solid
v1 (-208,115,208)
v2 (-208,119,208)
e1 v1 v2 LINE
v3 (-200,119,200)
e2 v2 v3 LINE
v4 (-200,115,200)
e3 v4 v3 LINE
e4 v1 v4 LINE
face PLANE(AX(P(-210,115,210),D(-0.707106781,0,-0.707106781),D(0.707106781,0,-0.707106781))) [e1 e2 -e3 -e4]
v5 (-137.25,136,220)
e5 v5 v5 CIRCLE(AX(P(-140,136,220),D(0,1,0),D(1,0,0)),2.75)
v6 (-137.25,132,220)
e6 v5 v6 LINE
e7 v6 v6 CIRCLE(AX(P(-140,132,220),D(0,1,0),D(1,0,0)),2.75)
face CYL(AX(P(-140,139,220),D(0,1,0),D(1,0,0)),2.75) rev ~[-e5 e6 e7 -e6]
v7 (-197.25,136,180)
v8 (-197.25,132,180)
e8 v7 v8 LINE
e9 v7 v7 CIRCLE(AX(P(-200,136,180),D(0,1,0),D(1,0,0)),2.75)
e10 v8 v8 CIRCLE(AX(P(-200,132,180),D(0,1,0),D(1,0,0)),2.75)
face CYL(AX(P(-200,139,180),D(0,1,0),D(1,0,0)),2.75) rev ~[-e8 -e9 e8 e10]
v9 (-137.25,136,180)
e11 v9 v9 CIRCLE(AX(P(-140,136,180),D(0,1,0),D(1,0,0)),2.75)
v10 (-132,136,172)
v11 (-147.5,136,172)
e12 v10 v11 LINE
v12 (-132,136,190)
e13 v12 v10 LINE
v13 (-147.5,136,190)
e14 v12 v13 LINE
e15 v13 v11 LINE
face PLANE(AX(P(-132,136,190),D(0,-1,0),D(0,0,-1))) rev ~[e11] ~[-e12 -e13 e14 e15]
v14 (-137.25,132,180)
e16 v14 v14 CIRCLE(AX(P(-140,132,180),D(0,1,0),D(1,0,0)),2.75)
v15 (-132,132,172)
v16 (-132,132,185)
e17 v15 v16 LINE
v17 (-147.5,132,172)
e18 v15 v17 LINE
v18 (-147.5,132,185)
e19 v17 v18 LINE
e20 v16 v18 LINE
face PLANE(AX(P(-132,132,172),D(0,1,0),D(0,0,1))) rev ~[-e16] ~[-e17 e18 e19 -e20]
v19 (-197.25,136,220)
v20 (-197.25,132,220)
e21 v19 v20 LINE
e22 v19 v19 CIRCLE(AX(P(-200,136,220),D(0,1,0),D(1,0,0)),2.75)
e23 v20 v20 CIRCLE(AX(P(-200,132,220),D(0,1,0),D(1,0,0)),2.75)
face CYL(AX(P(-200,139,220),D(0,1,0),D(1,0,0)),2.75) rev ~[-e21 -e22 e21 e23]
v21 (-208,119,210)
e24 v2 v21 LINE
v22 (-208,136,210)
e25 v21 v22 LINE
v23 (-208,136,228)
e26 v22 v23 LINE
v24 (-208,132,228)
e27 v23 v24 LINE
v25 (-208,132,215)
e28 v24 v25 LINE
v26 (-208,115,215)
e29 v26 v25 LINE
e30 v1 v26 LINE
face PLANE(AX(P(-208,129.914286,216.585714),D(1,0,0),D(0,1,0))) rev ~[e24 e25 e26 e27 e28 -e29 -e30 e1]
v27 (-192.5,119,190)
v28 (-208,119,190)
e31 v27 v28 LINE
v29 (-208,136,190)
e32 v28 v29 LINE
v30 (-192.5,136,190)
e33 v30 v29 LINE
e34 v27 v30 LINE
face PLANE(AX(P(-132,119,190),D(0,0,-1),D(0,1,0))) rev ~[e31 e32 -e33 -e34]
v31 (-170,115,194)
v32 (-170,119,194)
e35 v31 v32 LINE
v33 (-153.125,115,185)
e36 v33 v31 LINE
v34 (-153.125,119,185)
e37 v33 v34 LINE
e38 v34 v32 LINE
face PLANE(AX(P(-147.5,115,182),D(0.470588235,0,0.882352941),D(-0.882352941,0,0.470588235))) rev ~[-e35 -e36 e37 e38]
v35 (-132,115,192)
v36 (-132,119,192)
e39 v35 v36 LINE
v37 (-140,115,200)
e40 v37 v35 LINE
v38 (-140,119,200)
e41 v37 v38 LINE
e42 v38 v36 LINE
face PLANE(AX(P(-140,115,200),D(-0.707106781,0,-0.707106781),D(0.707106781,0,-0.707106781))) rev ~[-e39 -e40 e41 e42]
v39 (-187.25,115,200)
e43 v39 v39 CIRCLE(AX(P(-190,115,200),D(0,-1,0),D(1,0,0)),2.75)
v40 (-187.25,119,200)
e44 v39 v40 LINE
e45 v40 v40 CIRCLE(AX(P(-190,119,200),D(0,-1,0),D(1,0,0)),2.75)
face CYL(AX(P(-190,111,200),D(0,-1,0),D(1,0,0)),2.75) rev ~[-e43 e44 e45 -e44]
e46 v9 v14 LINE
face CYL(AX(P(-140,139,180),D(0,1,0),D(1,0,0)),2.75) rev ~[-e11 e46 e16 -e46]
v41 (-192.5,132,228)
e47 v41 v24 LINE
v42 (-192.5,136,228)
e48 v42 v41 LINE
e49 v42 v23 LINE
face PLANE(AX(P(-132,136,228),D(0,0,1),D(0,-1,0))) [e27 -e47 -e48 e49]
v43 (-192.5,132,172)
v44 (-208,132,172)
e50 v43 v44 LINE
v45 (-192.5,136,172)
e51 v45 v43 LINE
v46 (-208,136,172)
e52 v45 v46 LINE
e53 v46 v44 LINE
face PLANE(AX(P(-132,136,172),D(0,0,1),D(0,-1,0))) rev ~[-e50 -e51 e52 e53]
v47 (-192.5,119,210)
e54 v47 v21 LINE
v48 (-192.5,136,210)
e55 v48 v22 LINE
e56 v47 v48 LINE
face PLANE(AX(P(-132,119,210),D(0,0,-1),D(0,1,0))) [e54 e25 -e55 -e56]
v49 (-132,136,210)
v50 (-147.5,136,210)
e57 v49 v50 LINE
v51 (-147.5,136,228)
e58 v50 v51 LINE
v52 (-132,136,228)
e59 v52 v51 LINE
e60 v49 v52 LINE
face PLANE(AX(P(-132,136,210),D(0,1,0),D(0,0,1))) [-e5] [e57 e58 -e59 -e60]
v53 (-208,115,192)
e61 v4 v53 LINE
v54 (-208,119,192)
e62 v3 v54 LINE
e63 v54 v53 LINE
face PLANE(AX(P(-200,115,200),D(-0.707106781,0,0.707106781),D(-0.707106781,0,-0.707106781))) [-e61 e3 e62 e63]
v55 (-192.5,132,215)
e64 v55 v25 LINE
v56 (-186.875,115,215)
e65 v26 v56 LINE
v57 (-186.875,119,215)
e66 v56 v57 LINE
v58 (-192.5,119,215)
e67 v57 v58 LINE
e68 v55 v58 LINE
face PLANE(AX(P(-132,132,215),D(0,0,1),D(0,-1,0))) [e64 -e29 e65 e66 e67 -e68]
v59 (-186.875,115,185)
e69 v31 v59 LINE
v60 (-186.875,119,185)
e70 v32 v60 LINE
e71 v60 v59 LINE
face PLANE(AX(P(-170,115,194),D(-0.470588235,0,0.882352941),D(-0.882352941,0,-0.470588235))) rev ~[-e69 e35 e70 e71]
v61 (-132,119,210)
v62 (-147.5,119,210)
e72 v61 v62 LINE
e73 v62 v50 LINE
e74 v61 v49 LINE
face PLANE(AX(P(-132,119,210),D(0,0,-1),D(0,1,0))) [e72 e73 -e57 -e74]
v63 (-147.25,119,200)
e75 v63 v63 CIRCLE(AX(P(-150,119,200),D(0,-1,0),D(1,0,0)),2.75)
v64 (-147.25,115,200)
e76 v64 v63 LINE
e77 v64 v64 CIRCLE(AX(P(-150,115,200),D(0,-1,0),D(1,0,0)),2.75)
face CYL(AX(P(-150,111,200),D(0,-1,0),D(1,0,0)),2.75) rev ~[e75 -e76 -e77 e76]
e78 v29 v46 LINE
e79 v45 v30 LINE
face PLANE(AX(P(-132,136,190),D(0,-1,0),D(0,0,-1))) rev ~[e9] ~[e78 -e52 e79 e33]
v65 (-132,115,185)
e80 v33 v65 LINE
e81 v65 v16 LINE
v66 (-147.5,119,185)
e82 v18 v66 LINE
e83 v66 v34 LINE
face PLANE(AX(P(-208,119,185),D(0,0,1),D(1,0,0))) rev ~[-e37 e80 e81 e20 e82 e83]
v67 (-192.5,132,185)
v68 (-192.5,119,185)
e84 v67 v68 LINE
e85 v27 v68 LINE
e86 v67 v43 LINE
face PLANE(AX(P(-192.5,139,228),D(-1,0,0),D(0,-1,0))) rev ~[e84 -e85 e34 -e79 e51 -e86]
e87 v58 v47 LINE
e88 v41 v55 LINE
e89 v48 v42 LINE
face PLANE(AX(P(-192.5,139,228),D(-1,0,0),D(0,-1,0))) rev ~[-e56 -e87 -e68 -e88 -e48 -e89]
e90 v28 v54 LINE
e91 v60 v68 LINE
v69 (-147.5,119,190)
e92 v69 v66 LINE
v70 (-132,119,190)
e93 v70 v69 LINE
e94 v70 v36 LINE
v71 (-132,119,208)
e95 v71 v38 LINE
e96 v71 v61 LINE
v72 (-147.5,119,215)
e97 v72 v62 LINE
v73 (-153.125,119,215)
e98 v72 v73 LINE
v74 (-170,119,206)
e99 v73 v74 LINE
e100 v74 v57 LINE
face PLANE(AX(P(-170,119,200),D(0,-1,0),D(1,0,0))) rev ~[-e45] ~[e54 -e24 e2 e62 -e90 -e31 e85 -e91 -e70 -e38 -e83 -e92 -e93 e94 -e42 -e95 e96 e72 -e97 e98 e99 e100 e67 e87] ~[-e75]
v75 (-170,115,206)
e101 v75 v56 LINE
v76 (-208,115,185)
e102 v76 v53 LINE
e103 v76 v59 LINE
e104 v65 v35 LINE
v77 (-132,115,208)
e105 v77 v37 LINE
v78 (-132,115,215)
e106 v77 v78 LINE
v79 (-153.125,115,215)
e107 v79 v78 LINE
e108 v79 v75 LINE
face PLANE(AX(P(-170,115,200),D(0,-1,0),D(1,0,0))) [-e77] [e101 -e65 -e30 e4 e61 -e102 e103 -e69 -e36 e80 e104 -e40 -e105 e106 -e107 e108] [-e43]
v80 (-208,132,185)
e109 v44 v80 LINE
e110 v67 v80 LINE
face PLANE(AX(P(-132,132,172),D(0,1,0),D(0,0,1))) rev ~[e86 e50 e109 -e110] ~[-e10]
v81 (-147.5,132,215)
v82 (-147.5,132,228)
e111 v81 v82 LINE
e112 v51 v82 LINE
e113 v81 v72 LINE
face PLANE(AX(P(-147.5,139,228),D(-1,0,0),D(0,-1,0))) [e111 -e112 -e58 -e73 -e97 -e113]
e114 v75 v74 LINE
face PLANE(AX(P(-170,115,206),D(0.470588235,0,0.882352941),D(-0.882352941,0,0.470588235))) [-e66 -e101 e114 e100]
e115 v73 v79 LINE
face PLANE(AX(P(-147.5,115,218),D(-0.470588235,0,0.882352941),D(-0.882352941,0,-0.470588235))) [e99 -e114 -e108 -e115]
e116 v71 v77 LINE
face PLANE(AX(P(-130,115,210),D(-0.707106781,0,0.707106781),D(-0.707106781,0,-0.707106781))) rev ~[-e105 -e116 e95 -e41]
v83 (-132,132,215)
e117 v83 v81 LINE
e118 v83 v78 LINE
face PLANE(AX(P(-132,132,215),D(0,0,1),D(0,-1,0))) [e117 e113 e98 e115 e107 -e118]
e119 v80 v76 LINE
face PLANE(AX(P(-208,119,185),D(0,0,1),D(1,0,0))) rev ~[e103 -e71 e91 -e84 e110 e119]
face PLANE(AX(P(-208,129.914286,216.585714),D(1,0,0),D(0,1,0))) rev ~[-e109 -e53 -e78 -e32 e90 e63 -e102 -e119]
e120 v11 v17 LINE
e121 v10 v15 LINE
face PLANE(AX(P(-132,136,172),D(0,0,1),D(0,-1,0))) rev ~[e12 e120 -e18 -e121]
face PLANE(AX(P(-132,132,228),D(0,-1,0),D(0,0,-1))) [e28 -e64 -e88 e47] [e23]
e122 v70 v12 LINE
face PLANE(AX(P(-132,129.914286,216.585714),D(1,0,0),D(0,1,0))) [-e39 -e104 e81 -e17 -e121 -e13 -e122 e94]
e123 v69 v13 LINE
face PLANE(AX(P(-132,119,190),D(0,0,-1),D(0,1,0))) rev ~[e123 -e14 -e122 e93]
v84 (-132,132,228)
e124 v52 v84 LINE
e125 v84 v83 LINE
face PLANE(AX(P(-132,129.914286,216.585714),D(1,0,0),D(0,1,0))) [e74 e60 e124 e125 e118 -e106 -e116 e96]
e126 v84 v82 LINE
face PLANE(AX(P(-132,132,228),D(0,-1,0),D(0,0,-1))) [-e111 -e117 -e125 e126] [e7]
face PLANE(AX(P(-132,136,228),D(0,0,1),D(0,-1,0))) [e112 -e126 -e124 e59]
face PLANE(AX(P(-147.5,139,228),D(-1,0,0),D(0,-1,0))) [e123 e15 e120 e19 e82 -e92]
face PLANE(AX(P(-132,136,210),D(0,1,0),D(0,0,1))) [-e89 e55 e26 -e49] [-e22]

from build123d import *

# Parameters (mm, degrees)
SKETCH023_W     = 76
SKETCH023_H     = 30
PAD006_DEPTH    = 4
PAD007_DEPTH    = 76
SKETCH028_R     = 2.75
HOLE004_DEPTH   = 24.001
SKETCH032_R     = 2.75
HOLE005_DEPTH   = 25.001
SKETCH033_W     = 45
SKETCH033_H     = 20
POCKET010_DEPTH = 56.001
POCKET011_DEPTH = 21.001


with BuildPart() as part:
    # Sketch023 → Pad006 (new body)
    with BuildSketch(Plane.XZ):
        with Locations((-170, 200)):
            Rectangle(SKETCH023_W, SKETCH023_H)
    extrude(amount=PAD006_DEPTH)

    # Sketch024 → Pad007 (join)
    with BuildSketch(Plane.YZ.offset(-132)):
        Polygon((0, 215), (0, 210), (17, 210), (17, 228), (13, 228), (13, 215), align=None)
        Polygon((0, 190), (17, 190), (17, 172), (13, 172), (13, 185), (0, 185), align=None)
    extrude(amount=-PAD007_DEPTH)

    # Sketch028 → Hole004 (cut, through all)
    with BuildSketch(Plane(origin=(0, 20, 0), x_dir=(1, 0, 0), z_dir=(0, 1, 0))):
        with Locations((-200, -220)):
            Circle(SKETCH028_R)
        with Locations((-200, -180)):
            Circle(SKETCH028_R)
        with Locations((-140, -180)):
            Circle(SKETCH028_R)
        with Locations((-140, -220)):
            Circle(SKETCH028_R)
    extrude(amount=-HOLE004_DEPTH, mode=Mode.SUBTRACT)

    # Sketch032 → Hole005 (cut, through all)
    with BuildSketch(Plane.XZ.offset(8)):
        with Locations((-190, 200)):
            Circle(SKETCH032_R)
        with Locations((-150, 200)):
            Circle(SKETCH032_R)
    extrude(amount=-HOLE005_DEPTH, mode=Mode.SUBTRACT)

    # Sketch033 (on Face22 of Hole005) → Pocket010 (cut, through all)
    with BuildSketch(Plane(origin=(0, 0, 228), x_dir=(-1, 0, 0), z_dir=(0, 0, 1))):
        with Locations((170, -10)):
            Rectangle(SKETCH033_W, SKETCH033_H)
    extrude(amount=-POCKET010_DEPTH, mode=Mode.SUBTRACT)

    # Sketch034 (on Face7 of Pocket010) → Pocket011 (cut, through all)
    with BuildSketch(Plane.XZ.offset(4)):
        Polygon((-210, 210), (-200, 200), (-210, 190), align=None)
        Polygon((-130, 210), (-140, 200), (-130, 190), align=None)
        Polygon((-192.5, 218), (-147.5, 218), (-170, 206), align=None)
        Polygon((-192.5, 182), (-147.5, 182), (-170, 194), align=None)
    extrude(amount=-POCKET011_DEPTH, mode=Mode.SUBTRACT)


with BuildPart() as part_1:
    # Body004 placement: moved
    add(part.part.moved(Location((0, 119, 0))))


solid = part_1.part
